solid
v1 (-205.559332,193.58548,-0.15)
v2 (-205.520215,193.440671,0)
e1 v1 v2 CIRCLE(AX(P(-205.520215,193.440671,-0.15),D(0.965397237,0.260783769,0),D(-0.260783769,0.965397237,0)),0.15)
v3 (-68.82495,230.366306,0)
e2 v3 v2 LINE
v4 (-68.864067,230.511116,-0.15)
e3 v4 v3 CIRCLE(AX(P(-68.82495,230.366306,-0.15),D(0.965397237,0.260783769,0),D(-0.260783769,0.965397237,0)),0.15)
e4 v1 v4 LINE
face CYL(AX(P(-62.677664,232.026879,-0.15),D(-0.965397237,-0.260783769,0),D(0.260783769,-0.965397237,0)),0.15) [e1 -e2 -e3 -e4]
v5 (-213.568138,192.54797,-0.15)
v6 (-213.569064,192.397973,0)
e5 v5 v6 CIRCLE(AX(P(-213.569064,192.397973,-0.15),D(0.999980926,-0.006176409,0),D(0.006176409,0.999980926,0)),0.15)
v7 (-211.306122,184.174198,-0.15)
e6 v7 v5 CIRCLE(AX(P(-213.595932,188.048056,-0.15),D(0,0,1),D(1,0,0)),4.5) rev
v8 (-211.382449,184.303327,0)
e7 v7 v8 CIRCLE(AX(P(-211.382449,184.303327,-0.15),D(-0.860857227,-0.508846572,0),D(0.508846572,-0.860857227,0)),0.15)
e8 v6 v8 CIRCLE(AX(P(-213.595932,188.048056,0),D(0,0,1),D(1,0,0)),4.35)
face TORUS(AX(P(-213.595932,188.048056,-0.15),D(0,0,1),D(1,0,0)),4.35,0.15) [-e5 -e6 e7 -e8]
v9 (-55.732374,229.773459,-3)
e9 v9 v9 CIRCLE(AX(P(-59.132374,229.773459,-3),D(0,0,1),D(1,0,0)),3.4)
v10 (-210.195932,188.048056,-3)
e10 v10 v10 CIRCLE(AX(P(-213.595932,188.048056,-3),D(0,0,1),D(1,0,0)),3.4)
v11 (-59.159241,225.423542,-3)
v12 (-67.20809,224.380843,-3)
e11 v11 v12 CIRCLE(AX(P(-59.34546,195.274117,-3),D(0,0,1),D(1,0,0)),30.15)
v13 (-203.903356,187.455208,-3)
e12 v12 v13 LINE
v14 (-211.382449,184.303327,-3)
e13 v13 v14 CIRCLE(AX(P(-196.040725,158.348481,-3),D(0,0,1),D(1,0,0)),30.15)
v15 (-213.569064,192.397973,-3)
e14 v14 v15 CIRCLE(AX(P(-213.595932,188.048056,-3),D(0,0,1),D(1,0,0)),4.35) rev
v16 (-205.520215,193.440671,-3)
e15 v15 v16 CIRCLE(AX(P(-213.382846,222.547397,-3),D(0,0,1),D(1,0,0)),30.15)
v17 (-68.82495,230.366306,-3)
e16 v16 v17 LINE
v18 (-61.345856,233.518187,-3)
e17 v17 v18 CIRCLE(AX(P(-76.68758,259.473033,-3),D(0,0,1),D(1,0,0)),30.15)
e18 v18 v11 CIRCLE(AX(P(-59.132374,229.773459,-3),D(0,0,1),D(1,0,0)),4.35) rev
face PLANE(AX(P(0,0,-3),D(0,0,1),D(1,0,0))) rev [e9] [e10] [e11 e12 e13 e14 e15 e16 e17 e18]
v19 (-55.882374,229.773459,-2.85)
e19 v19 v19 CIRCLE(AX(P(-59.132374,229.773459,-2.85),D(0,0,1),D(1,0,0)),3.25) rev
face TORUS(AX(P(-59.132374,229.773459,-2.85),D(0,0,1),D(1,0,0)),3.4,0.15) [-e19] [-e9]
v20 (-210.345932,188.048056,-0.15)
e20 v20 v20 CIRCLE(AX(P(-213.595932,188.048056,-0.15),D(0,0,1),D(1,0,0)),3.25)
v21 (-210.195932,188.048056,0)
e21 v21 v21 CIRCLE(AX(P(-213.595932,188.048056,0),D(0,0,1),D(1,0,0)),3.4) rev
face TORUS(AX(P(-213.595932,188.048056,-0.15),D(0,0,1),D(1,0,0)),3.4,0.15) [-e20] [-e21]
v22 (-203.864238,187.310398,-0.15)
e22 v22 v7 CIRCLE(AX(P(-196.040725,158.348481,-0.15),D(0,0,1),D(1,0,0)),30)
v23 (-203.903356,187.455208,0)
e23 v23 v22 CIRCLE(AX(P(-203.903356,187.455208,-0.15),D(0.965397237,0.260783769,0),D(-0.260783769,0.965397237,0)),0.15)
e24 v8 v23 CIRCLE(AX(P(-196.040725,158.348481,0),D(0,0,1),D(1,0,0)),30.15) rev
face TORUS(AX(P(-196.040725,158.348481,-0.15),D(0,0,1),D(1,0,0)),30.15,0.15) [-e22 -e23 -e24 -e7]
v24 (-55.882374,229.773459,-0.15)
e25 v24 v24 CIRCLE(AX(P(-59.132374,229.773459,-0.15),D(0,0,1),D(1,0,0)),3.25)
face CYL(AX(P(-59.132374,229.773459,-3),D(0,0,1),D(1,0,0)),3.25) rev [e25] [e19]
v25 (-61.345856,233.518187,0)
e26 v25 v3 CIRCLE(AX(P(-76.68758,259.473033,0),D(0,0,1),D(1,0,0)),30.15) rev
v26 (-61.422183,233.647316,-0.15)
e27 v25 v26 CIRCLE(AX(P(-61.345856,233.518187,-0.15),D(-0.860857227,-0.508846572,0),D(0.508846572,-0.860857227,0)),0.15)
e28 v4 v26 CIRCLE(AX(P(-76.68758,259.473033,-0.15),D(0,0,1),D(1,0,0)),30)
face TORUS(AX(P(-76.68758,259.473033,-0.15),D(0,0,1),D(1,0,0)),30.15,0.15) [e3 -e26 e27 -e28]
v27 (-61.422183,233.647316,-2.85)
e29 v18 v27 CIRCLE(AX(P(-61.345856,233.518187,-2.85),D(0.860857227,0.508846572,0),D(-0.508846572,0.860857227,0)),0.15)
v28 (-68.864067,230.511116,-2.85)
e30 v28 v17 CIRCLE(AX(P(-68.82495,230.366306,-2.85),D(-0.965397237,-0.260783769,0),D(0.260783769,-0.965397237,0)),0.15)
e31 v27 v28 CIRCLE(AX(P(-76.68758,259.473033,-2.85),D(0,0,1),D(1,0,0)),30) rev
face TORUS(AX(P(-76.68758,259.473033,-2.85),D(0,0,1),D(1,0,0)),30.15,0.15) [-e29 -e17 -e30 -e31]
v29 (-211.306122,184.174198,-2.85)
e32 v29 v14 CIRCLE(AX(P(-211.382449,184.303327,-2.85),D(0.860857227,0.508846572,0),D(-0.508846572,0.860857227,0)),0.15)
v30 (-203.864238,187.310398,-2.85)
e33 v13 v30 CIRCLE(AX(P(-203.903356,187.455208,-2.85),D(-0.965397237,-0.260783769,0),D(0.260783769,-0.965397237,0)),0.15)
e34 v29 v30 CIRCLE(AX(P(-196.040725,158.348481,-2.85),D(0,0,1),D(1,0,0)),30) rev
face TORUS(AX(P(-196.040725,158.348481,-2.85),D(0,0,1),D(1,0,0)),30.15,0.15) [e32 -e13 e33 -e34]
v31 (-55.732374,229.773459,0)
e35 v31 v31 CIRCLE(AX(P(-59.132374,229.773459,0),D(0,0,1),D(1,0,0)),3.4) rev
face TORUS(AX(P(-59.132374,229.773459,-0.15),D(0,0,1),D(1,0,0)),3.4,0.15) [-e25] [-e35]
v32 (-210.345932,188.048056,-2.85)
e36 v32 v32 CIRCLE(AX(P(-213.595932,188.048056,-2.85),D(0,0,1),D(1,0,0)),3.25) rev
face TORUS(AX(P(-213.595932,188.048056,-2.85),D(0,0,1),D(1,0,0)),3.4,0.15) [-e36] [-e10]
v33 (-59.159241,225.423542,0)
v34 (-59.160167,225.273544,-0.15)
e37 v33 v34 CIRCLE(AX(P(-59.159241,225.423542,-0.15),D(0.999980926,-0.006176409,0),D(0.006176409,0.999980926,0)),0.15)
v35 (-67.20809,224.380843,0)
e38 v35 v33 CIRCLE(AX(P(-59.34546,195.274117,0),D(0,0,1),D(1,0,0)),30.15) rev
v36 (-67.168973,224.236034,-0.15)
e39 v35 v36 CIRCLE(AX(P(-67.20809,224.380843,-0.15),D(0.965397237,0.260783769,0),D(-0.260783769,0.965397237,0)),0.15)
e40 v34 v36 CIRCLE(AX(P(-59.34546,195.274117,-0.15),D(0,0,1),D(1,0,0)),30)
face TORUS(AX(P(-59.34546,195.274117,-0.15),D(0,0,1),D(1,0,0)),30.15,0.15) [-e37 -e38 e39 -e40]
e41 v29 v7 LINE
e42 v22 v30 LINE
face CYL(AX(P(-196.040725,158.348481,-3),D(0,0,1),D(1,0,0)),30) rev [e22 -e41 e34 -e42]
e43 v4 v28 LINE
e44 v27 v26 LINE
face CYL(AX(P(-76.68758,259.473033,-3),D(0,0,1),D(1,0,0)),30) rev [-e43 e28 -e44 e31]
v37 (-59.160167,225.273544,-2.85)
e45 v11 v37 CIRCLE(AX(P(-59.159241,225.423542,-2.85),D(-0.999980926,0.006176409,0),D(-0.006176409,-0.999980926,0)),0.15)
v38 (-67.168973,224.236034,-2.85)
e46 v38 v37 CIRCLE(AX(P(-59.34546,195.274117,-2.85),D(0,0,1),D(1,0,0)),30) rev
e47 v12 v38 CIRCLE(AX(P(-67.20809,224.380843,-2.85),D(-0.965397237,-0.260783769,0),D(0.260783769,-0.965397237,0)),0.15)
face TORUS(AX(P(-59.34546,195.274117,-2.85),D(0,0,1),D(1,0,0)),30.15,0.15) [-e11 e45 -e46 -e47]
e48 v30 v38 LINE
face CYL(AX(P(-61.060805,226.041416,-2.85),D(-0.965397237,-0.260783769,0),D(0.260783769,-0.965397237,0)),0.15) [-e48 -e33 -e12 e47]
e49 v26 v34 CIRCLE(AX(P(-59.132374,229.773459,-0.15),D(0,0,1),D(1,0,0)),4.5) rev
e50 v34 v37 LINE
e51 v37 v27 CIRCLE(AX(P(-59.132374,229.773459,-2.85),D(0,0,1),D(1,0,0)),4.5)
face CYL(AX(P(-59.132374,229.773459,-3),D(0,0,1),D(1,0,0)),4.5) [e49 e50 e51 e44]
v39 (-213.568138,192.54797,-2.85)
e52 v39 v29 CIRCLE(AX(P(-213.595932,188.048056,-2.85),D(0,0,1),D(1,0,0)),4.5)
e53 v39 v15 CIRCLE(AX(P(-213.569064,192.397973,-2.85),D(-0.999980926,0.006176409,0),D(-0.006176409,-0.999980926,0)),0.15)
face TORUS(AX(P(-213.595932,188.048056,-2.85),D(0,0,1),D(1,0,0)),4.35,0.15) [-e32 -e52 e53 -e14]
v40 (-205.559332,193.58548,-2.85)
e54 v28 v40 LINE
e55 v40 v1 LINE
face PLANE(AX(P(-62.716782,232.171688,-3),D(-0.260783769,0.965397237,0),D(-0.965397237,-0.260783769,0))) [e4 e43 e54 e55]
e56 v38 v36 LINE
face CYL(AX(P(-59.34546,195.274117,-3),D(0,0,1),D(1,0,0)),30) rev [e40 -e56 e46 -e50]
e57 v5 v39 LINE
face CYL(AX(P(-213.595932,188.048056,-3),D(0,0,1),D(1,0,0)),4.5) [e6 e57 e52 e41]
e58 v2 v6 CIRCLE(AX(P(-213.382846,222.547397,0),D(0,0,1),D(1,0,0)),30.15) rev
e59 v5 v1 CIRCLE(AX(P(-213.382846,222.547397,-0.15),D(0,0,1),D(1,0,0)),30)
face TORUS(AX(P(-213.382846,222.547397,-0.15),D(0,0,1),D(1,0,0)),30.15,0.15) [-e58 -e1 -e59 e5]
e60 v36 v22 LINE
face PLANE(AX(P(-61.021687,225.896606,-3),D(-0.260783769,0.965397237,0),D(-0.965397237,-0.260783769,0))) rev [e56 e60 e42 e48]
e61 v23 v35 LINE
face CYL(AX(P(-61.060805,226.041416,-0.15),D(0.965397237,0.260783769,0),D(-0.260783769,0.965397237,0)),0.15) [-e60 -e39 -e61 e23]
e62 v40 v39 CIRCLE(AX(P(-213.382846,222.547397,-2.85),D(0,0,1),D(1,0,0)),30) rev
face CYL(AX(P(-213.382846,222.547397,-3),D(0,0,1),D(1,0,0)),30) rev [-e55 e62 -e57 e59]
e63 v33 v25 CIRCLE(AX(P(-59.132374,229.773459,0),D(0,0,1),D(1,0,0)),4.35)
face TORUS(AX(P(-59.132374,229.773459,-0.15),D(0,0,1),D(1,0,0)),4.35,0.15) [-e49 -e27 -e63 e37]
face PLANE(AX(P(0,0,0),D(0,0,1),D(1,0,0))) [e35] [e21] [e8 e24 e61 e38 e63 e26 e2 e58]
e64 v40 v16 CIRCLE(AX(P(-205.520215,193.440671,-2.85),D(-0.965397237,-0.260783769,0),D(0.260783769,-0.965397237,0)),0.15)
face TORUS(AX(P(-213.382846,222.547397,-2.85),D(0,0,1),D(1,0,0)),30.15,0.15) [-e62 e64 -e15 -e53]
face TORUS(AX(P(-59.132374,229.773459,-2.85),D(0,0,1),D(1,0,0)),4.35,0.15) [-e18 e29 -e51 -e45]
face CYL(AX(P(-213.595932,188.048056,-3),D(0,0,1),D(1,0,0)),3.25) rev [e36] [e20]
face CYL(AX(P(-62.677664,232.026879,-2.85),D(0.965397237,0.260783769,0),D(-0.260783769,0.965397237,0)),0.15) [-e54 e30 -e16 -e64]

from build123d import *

# Parameters (mm, degrees)
BOSS_EXTRUDE1_DEPTH = 3
FILLET1_R           = 30
FILLET2_R           = 0.15


with BuildPart() as part:
    # Sketch2 → Boss-Extrude1 (new body)
    with BuildSketch(Plane.XY):
        with BuildLine():
            Line((-62.984695574, 232.099316618), (-59.979920905, 232.910999553))
            ThreePointArc((-59.979920905, 232.910999553), (-55.994832634, 230.621005781), (-58.284826407, 226.63591751))
            Line((-58.284826407, 226.63591751), (-61.289601076, 225.824234576))
            ThreePointArc((-61.289601076, 225.824234576), (-56.836455908, 225.90321801), (-54.632373656, 229.773458532))
            ThreePointArc((-54.632373656, 229.773458532), (-57.925196915, 234.108516123), (-62.984695574, 232.099316618))
        make_face()
        with BuildLine():
            Line((-63.476661224, 228.599931572), (-62.269914677, 228.925911283))
            ThreePointArc((-62.269914677, 228.925911283), (-61.950256595, 231.392728657), (-59.979920905, 232.910999553))
            Line((-59.979920905, 232.910999553), (-62.984695574, 232.099316618))
            ThreePointArc((-62.984695574, 232.099316618), (-63.588552029, 230.39993623), (-63.476661224, 228.599931572))
        make_face()
        with BuildLine():
            ThreePointArc((-58.284826407, 226.63591751), (-60.751643781, 226.955575592), (-62.269914677, 228.925911283))
            Line((-62.269914677, 228.925911283), (-63.476661224, 228.599931572))
            ThreePointArc((-63.476661224, 228.599931572), (-62.666994956, 226.988417731), (-61.289601076, 225.824234576))
            Line((-61.289601076, 225.824234576), (-58.284826407, 226.63591751))
        make_face()
        with BuildLine():
            Line((-209.251644063, 189.221582466), (-63.476661224, 228.599931572))
            ThreePointArc((-63.476661224, 228.599931572), (-63.588552029, 230.39993623), (-62.984695574, 232.099316618))
            Line((-62.984695574, 232.099316618), (-211.43870421, 191.997279462))
            ThreePointArc((-211.43870421, 191.997279462), (-210.06131033, 190.833096306), (-209.251644063, 189.221582466))
        make_face()
        with BuildLine():
            ThreePointArc((-61.289601076, 225.824234576), (-62.666994956, 226.988417731), (-63.476661224, 228.599931572))
            Line((-63.476661224, 228.599931572), (-209.251644063, 189.221582466))
            ThreePointArc((-209.251644063, 189.221582466), (-209.135029589, 188.639961725), (-209.095931631, 188.048055506))
            ThreePointArc((-209.095931631, 188.048055506), (-209.26087404, 186.840878765), (-209.743609712, 185.722197419))
            Line((-209.743609712, 185.722197419), (-61.289601076, 225.824234576))
        make_face()
        with BuildLine():
            Line((-214.44347888, 191.185596527), (-211.43870421, 191.997279462))
            ThreePointArc((-211.43870421, 191.997279462), (-217.940219199, 186.874528546), (-209.743609712, 185.722197419))
            Line((-209.743609712, 185.722197419), (-212.748384382, 184.910514484))
            ThreePointArc((-212.748384382, 184.910514484), (-216.733472652, 187.200508257), (-214.44347888, 191.185596527))
        make_face()
        with BuildLine():
            Line((-210.458390609, 188.895602755), (-209.251644063, 189.221582466))
            ThreePointArc((-209.251644063, 189.221582466), (-210.06131033, 190.833096306), (-211.43870421, 191.997279462))
            Line((-211.43870421, 191.997279462), (-214.44347888, 191.185596527))
            ThreePointArc((-214.44347888, 191.185596527), (-211.976661505, 190.865938445), (-210.458390609, 188.895602755))
        make_face()
        with BuildLine():
            ThreePointArc((-209.095931631, 188.048055506), (-209.135029589, 188.639961725), (-209.251644063, 189.221582466))
            Line((-209.251644063, 189.221582466), (-210.458390609, 188.895602755))
            ThreePointArc((-210.458390609, 188.895602755), (-210.778048691, 186.42878538), (-212.748384382, 184.910514484))
            Line((-212.748384382, 184.910514484), (-209.743609712, 185.722197419))
            ThreePointArc((-209.743609712, 185.722197419), (-209.26087404, 186.840878765), (-209.095931631, 188.048055506))
        make_face()
    extrude(amount=-BOSS_EXTRUDE1_DEPTH)

    # Fillet1
    fillet1_edges = [part.edges().sort_by_distance(p)[0] for p in [
        (-211.43870421, 191.997279462, -1.5),
        (-62.984695574, 232.099316618, -1.5),
        (-61.289601076, 225.824234576, -1.5),
        (-209.743609712, 185.722197419, -1.5),
    ]]
    fillet(fillet1_edges, radius=FILLET1_R)

    # Fillet2
    fillet2_edges = [part.edges().sort_by_distance(p)[0] for p in [
        (-216.733472652, 187.200508257, 0),
        (-54.788086088, 230.946985492, 0),
        (-54.788086088, 230.946985492, -3),
        (-137.211699892, 212.04829804, 0),
        (-137.211699892, 212.04829804, -3),
        (-135.516605394, 205.773215997, 0),
        (-135.516605394, 205.773215997, -3),
        (-217.940219199, 186.874528546, 0),
        (-217.940219199, 186.874528546, -3),
        (-65.037113368, 231.827660424, 0),
        (-55.994832634, 230.621005781, -3),
        (-65.037113368, 231.827660424, -3),
        (-63.199640786, 225.025507965, 0),
        (-63.199640786, 225.025507965, -3),
        (-207.691191918, 185.993853613, 0),
        (-207.691191918, 185.993853613, -3),
        (-209.528664501, 192.796006072, 0),
        (-209.528664501, 192.796006072, -3),
        (-216.733472652, 187.200508257, -3),
        (-55.994832634, 230.621005781, 0),
    ]]
    fillet(fillet2_edges, radius=FILLET2_R)


solid = part.part
